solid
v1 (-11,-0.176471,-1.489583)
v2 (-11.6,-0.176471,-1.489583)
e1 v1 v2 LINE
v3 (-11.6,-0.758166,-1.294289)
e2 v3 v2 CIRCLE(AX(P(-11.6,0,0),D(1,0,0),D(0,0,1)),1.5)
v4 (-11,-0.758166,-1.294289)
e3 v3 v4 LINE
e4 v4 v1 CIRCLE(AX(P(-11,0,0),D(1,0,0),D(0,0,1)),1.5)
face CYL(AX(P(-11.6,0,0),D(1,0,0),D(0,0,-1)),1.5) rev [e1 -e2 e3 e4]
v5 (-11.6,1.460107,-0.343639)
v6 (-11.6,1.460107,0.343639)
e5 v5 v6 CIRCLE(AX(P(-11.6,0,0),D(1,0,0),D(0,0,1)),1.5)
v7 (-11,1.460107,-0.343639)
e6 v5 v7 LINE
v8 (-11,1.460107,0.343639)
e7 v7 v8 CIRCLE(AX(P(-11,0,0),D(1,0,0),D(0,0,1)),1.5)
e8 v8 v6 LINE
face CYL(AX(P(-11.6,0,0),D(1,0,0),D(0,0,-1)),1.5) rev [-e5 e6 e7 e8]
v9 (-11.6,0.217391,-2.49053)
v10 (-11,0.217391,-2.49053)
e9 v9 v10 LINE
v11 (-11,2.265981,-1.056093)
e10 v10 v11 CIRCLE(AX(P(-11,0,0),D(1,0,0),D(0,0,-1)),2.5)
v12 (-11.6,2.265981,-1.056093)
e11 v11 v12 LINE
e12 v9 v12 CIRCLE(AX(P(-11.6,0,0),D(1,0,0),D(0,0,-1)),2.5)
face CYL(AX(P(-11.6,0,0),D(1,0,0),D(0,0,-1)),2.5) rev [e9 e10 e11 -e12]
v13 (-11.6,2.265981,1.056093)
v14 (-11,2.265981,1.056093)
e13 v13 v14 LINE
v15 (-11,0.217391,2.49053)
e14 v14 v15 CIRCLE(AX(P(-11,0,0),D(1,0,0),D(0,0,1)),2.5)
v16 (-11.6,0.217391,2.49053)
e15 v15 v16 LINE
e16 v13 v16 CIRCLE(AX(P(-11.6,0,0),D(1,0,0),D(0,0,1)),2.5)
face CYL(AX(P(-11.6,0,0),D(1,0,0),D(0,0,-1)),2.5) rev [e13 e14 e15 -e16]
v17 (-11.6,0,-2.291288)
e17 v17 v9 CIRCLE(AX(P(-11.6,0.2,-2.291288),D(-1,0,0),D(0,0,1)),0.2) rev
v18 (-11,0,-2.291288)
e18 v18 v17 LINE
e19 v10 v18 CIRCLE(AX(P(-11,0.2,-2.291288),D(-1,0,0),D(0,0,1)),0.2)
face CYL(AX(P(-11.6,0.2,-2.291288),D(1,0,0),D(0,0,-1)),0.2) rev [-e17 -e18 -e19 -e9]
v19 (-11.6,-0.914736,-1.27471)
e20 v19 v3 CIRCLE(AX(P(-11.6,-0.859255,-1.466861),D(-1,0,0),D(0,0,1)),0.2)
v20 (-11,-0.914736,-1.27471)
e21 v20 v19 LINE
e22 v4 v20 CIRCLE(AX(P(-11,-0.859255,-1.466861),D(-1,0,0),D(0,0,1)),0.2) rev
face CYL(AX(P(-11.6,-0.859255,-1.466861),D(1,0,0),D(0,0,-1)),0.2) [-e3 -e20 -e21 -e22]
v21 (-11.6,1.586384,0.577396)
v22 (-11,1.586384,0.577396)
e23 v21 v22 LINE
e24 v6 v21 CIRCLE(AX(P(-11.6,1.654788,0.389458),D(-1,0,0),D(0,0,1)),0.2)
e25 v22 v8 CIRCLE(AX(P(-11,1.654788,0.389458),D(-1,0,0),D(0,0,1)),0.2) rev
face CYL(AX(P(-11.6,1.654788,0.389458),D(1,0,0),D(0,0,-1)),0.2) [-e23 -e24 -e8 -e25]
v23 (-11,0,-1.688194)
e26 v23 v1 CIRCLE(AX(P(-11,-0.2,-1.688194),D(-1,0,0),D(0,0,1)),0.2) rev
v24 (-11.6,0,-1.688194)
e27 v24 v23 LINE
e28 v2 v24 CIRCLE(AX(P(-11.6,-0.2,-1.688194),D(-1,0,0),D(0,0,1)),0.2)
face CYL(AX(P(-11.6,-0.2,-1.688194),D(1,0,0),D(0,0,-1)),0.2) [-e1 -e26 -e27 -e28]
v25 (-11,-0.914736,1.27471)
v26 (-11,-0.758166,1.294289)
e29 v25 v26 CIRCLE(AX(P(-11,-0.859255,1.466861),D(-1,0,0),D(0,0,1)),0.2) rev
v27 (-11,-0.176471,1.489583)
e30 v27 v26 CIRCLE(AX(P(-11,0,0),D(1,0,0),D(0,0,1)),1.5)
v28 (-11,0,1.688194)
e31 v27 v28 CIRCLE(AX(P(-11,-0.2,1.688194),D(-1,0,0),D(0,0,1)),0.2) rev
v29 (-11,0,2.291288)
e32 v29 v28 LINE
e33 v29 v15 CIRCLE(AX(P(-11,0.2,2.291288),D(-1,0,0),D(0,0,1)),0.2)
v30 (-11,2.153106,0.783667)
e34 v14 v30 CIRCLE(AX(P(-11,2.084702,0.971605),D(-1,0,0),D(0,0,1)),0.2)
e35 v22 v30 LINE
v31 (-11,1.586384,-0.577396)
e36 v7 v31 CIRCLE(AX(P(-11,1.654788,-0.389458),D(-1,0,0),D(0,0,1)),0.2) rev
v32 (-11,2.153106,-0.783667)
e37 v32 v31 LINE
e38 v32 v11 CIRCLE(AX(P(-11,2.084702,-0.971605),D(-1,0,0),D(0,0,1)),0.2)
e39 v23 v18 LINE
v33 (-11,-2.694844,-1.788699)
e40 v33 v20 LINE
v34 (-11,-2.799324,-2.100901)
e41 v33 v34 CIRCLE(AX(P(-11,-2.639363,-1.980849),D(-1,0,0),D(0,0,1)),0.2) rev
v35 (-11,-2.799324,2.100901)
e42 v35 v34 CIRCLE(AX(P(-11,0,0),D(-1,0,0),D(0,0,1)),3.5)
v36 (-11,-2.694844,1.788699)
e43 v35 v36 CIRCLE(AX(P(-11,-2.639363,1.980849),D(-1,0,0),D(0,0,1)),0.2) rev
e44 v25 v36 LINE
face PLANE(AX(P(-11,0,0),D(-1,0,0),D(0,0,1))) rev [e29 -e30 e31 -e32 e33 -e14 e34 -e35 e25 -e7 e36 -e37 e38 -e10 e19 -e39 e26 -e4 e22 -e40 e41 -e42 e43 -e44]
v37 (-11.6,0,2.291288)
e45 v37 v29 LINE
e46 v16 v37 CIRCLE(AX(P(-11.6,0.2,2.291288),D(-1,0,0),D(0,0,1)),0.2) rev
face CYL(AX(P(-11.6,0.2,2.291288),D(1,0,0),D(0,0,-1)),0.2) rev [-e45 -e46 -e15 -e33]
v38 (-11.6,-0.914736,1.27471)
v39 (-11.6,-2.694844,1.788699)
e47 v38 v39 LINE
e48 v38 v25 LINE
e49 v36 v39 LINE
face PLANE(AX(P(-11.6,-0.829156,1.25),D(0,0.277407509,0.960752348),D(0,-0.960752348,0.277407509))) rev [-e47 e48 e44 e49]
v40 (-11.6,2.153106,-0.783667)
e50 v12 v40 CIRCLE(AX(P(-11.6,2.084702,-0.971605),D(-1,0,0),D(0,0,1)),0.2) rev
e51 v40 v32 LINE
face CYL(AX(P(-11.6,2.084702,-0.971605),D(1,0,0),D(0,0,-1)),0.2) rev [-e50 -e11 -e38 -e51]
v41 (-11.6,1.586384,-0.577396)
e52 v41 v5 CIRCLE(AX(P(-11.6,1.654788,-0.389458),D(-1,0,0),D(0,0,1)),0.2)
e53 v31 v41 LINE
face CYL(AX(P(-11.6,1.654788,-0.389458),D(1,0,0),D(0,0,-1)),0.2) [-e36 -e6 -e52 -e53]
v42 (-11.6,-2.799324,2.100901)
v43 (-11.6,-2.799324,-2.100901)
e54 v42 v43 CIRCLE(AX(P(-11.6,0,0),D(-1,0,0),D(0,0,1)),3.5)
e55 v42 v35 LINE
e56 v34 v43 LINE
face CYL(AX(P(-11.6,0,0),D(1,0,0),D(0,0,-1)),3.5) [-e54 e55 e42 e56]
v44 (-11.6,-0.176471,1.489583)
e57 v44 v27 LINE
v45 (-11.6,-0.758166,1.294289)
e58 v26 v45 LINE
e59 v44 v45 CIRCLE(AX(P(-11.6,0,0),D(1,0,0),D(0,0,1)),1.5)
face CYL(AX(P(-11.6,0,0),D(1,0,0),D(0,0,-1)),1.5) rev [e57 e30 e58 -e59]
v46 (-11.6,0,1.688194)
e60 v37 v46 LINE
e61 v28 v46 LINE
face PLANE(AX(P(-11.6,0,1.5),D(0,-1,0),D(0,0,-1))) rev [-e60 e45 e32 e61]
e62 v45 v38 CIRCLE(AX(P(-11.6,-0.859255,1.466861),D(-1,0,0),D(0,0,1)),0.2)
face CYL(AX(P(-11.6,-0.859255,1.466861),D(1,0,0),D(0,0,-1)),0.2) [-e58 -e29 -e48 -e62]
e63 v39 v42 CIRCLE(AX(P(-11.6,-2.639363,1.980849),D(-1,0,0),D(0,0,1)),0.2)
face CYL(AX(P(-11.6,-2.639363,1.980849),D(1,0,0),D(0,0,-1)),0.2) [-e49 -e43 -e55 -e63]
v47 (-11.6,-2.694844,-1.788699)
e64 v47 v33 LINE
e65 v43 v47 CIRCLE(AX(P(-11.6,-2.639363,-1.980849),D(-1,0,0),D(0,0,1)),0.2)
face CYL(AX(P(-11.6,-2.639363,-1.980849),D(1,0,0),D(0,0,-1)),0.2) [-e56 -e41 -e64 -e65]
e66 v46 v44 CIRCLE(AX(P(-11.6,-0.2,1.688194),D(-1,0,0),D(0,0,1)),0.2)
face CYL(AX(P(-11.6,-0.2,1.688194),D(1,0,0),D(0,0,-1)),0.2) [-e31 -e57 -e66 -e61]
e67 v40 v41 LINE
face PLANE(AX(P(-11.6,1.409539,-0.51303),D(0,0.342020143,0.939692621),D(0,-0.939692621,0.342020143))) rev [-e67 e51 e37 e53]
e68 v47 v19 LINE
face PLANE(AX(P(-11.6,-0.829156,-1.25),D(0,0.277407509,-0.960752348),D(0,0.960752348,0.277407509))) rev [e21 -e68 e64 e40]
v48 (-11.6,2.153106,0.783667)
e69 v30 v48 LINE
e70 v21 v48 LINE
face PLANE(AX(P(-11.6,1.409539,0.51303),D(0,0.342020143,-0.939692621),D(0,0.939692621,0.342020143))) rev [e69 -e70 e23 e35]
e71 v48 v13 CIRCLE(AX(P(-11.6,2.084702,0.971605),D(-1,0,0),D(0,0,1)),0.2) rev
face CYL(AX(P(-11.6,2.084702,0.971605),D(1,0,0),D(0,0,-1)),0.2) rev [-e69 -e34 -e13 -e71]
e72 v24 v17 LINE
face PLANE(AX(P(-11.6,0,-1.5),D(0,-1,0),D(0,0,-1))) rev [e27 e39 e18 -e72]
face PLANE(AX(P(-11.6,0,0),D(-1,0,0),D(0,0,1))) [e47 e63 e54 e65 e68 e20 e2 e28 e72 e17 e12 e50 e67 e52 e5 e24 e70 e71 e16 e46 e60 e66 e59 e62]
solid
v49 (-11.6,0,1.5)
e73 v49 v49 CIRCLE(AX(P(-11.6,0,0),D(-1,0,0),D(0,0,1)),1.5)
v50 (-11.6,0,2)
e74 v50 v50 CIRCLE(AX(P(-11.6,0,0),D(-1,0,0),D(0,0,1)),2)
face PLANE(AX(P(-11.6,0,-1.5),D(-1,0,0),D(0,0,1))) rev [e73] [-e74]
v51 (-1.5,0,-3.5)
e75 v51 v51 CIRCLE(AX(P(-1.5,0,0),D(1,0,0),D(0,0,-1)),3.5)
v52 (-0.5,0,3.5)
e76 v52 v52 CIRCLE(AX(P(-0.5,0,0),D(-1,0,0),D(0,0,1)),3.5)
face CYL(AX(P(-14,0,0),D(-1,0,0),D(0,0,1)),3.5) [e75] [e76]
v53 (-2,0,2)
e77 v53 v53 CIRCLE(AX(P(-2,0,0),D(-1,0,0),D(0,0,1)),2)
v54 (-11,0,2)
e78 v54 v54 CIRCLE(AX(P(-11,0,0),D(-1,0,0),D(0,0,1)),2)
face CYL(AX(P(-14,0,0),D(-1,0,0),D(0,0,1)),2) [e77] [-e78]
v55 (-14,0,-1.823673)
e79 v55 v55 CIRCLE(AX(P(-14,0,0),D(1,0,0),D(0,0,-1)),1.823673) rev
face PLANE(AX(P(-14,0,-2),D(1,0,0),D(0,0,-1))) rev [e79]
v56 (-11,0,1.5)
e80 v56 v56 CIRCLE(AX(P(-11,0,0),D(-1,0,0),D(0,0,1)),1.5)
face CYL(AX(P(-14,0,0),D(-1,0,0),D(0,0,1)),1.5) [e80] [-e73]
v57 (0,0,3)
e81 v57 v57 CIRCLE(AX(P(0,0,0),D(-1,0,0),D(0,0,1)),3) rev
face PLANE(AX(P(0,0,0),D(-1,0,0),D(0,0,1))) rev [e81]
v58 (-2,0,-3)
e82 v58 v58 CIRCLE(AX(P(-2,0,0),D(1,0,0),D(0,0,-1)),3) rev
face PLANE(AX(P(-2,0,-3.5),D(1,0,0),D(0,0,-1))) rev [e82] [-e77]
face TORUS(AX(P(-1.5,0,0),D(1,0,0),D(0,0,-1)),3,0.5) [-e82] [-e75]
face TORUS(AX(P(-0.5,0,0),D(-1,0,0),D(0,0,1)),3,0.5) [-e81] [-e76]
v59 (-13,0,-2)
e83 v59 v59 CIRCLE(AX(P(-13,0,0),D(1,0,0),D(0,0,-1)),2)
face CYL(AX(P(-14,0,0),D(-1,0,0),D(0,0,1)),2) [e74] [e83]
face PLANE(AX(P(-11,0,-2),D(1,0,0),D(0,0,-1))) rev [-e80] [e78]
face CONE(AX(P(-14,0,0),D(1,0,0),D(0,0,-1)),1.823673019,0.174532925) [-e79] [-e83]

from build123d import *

# Parameters (mm, degrees)
CHAMFER_1_SIZE  = 1
CHAMFER_1_SIZE2 = 0.176326981
FILLET_1_R      = 0.5
EXTRUDE_2_DEPTH = 0.6
FILLET_2_R      = 0.2


with BuildPart() as part:
    # 草图1 → 旋转1 (revolve)
    with BuildSketch(Plane(origin=(0, 0, 0), x_dir=(1, 0, 0), z_dir=(0, 1, 0)), mode=Mode.PRIVATE) as revolve_1_sk:
        Polygon((-14, 0), (0, 0), (0, 3.5), (-2, 3.5), (-2, 2), (-11, 2), (-11, 1.5), (-11.6, 1.5), (-11.6, 2), (-14, 2), align=None)
    revolve(revolve_1_sk.sketch.rotate(Axis((-14, 0, 0), (1, 0, 0)), 180), axis=Axis((-14, 0, 0), (1, 0, 0)))

    # 倒角1
    chamfer_1_edges = [part.edges().sort_by_distance(p)[0] for p in [
        (-14, 0, -2),
    ]]
    chamfer_1_side = [part.faces().sort_by_distance(p)[0] for p in [
        (-12.8, 0, -2),
    ]]
    chamfer(chamfer_1_edges, length=CHAMFER_1_SIZE, length2=CHAMFER_1_SIZE2, reference=chamfer_1_side[0])

    # 圆角1
    fillet_1_edges = [part.edges().sort_by_distance(p)[0] for p in [
        (-2, 0, -3.5),
        (0, 0, -3.5),
    ]]
    fillet(fillet_1_edges, radius=FILLET_1_R)


with BuildPart() as body_2:
    # 草图3 → 凸台-拉伸2 (new body)
    with BuildSketch(Plane.ZY.offset(11)):
        with BuildLine():
            Line((-1.5, 0), (-2.5, 0))
            ThreePointArc((-2.5, 0), (-2.047880111, 1.433941091), (-0.855050358, 2.349231552))
            Line((-0.855050358, 2.349231552), (-0.513030215, 1.409538931))
            ThreePointArc((-0.513030215, 1.409538931), (0, 1.5), (0.513030215, 1.409538931))
            Line((0.513030215, 1.409538931), (0.855050358, 2.349231552))
            ThreePointArc((0.855050358, 2.349231552), (2.047880111, 1.433941091), (2.5, 0))
            Line((2.5, 0), (1.5, 0))
            ThreePointArc((1.5, 0), (1.436140662, -0.433012702), (1.25, -0.829156198))
            Line((1.25, -0.829156198), (1.865639407, -2.961315519))
            ThreePointArc((1.865639407, -2.961315519), (0, 3.5), (-1.865639407, -2.961315519))
            Line((-1.865639407, -2.961315519), (-1.25, -0.829156198))
            ThreePointArc((-1.25, -0.829156198), (-1.436140662, -0.433012702), (-1.5, 0))
        make_face()
    extrude(amount=EXTRUDE_2_DEPTH)

    # 圆角2
    fillet_2_edges = [body_2.edges().sort_by_distance(p)[0] for p in [
        (-11.3, -0.829156198, -1.25),
        (-11.3, -2.961315519, -1.865639407),
        (-11.3, -2.961315519, 1.865639407),
        (-11.3, -0.829156198, 1.25),
        (-11.3, 0, 1.5),
        (-11.3, 0, 2.5),
        (-11.3, 2.349231552, 0.855050358),
        (-11.3, 1.409538931, 0.513030215),
        (-11.3, 1.409538931, -0.513030215),
        (-11.3, 2.349231552, -0.855050358),
        (-11.3, 0, -2.5),
        (-11.3, 0, -1.5),
    ]]
    fillet(fillet_2_edges, radius=FILLET_2_R)


solid = Compound([part.part, body_2.part])
